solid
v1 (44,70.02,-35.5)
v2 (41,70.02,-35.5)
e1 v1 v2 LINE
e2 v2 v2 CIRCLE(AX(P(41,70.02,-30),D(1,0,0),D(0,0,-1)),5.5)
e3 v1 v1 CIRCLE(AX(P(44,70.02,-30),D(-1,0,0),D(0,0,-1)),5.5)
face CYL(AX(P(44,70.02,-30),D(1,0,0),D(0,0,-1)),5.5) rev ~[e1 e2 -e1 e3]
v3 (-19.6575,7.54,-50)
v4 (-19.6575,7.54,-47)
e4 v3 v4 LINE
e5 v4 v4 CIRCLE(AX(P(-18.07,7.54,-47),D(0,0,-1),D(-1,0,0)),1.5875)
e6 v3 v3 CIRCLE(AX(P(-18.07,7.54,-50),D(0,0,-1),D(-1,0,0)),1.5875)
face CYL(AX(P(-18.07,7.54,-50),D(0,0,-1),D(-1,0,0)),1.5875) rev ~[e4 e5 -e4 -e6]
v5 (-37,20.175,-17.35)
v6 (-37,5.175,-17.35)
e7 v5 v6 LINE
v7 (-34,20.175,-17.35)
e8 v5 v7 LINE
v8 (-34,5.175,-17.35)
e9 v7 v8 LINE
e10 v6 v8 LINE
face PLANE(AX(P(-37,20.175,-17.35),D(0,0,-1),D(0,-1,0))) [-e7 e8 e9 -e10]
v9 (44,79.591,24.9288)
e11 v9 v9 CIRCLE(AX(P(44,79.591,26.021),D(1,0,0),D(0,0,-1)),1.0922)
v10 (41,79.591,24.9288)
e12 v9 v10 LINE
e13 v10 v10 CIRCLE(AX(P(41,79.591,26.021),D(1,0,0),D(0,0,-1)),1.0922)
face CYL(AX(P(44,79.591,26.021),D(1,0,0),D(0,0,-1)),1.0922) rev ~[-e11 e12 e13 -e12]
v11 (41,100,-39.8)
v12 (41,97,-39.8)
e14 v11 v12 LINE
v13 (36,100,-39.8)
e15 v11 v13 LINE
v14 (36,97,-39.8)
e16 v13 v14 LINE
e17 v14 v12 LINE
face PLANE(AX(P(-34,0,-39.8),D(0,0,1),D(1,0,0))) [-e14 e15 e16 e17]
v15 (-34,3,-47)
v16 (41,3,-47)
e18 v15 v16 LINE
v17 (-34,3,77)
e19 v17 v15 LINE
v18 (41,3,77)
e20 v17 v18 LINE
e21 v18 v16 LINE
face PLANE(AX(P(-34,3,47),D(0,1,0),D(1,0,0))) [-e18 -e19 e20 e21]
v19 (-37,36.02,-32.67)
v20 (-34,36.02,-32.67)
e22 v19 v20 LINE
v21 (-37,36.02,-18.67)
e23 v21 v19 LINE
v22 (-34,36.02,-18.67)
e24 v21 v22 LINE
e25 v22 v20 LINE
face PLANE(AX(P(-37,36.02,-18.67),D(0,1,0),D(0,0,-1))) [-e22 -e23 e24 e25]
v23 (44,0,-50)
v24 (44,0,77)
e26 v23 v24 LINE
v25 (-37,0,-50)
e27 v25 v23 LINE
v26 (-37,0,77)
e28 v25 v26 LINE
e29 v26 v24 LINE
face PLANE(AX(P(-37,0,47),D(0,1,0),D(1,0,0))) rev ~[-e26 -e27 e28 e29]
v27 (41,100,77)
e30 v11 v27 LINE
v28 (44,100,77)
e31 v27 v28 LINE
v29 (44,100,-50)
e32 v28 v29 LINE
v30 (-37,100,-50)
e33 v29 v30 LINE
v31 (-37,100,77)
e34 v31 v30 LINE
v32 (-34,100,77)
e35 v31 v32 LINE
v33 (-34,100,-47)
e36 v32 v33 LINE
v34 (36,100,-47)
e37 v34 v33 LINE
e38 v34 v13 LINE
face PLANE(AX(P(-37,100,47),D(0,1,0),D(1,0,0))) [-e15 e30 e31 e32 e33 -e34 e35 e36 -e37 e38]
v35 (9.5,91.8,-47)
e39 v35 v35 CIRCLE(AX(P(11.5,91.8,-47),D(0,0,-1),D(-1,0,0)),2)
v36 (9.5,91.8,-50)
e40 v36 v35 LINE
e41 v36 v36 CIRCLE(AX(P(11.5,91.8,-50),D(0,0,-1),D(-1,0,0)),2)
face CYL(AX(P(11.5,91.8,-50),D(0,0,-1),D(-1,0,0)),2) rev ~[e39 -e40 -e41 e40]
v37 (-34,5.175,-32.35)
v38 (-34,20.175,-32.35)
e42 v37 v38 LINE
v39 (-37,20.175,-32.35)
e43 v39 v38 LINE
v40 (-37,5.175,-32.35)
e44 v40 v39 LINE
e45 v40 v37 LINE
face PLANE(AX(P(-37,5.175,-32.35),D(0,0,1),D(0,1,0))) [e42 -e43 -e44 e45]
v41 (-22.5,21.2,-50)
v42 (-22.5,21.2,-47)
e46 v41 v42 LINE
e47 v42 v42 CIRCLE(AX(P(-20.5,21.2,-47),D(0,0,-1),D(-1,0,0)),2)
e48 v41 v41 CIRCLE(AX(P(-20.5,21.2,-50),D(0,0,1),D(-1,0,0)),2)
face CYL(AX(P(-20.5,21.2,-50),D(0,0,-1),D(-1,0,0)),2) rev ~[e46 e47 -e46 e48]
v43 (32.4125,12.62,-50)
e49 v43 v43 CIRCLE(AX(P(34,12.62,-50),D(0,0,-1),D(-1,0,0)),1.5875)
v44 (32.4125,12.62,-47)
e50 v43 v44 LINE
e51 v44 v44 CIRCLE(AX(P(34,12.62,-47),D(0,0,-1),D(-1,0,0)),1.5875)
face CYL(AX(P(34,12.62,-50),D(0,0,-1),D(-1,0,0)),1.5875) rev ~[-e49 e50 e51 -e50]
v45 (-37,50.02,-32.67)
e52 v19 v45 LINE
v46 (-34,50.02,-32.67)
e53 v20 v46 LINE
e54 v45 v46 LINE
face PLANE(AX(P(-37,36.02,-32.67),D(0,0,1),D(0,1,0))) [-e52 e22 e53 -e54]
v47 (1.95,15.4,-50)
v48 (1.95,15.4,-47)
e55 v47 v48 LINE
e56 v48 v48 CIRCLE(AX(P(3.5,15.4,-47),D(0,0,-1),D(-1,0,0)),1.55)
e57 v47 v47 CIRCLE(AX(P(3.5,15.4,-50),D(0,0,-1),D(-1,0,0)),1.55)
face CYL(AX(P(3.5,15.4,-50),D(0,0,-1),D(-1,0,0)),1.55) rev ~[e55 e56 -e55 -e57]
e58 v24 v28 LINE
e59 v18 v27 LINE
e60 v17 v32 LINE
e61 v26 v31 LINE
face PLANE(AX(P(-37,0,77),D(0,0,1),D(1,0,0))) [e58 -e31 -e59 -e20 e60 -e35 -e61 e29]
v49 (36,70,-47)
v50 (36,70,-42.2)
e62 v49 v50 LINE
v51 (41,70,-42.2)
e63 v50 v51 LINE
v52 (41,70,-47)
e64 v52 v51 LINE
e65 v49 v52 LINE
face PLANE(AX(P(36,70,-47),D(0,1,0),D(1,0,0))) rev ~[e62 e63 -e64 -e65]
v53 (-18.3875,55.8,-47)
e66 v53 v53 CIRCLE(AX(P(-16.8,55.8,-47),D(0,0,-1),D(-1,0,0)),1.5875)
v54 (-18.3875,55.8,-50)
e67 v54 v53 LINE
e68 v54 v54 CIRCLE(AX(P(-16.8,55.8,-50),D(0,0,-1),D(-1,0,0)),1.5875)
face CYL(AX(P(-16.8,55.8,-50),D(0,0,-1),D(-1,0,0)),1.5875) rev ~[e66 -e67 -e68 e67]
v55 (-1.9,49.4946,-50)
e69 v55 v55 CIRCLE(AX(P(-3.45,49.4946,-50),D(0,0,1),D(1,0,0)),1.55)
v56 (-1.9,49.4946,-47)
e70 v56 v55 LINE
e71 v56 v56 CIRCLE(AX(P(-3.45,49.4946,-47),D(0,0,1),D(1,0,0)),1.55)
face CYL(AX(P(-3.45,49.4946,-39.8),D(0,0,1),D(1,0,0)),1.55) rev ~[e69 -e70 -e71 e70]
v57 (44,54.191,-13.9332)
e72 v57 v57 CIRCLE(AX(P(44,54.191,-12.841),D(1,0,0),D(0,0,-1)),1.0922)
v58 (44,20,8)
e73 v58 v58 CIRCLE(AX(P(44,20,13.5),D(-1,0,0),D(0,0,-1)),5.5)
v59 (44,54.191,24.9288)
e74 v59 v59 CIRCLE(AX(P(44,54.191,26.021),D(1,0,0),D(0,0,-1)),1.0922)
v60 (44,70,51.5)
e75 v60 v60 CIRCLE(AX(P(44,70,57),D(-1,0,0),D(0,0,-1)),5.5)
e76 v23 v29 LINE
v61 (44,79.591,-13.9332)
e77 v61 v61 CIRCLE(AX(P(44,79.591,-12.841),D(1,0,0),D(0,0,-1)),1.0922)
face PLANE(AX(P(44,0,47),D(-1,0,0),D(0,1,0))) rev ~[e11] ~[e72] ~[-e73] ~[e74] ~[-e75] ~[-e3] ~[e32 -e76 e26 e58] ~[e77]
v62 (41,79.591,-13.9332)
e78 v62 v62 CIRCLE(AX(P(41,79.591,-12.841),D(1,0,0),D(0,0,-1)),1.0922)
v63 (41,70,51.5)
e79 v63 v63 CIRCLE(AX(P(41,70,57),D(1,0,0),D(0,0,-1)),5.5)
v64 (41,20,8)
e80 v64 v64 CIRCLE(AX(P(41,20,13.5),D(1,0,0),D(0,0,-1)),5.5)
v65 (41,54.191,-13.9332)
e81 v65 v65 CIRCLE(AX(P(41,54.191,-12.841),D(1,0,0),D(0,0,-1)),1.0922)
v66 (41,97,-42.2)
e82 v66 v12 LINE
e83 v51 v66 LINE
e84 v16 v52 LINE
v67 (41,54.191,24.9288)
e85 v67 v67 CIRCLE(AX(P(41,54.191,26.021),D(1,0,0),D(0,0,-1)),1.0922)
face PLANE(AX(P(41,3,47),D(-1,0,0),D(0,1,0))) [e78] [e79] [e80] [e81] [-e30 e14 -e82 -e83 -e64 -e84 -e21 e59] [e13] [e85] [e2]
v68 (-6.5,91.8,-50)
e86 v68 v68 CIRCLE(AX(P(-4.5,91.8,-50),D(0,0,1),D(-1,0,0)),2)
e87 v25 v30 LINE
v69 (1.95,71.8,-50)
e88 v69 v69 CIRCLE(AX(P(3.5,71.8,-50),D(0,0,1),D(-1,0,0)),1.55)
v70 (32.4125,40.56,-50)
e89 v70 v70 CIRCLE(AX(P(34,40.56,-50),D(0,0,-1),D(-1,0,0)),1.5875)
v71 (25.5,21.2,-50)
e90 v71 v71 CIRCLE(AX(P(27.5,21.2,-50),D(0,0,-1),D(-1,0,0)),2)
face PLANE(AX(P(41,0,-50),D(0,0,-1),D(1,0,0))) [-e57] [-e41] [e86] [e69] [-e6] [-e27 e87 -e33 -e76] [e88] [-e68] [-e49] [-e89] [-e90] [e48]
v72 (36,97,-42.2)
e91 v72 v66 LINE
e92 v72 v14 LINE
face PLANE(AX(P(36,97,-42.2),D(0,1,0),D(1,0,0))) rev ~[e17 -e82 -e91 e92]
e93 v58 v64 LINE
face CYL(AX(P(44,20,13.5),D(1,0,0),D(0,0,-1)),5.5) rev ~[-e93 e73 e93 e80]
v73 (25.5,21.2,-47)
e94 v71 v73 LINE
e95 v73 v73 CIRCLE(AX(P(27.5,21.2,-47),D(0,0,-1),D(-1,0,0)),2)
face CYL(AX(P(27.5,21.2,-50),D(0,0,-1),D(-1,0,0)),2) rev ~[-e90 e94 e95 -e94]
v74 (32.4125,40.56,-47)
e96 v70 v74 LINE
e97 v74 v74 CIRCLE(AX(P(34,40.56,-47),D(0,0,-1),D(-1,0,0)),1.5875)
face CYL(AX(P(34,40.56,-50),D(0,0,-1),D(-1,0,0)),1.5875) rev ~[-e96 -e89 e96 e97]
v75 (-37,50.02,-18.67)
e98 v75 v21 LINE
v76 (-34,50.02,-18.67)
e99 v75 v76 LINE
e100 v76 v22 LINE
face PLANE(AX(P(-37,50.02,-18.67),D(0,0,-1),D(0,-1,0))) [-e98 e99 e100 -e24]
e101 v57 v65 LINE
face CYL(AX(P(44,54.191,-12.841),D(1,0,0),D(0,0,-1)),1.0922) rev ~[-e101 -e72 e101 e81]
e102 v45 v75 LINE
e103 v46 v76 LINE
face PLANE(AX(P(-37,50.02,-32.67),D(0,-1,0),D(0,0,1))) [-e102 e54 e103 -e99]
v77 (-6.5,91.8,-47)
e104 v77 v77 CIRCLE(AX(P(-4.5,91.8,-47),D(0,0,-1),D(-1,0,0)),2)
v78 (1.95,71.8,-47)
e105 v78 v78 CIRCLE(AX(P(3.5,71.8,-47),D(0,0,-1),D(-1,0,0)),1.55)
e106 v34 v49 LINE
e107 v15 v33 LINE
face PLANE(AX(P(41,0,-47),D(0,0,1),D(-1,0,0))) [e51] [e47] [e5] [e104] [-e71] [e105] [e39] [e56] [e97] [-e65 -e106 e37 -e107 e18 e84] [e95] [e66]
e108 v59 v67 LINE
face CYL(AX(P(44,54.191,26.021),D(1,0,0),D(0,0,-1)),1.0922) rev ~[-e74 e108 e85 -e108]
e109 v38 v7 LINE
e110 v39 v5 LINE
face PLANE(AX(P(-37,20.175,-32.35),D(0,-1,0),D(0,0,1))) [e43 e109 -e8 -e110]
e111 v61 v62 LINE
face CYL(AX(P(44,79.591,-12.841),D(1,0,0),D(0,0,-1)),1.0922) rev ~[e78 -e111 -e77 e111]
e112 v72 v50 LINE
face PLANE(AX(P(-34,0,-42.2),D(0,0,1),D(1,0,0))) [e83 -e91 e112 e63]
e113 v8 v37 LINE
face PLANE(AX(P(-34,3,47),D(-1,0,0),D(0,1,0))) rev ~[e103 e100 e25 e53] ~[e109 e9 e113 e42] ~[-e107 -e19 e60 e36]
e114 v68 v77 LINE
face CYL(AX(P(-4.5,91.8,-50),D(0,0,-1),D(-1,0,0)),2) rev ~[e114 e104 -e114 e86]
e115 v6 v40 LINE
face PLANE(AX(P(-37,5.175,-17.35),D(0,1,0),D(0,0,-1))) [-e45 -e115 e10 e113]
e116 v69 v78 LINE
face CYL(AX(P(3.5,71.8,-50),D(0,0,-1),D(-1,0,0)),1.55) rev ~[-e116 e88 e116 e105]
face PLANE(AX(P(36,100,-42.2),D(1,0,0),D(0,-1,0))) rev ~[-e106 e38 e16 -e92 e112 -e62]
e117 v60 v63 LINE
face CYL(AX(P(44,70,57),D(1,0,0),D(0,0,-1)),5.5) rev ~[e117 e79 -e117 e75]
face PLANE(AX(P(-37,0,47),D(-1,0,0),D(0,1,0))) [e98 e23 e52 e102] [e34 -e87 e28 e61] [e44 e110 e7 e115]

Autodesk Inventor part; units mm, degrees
ref_plane "YZ Plane" through (0, 0, 0) normal (1, 0, 0) x (0, 1, 0)
ref_plane "XZ Plane" through (0, 0, 0) normal (0, 1, 0) x (-1, 0, 0)
ref_plane "XY Plane" through (0, 0, 0) normal (0, 0, 1) x (1, 0, 0)
sketch "Sketch3" plane through (0, 0, 0) normal (0, 1, 0) x (-1, 0, 0)
  line L0 (-44, 50) -> (44, 50)
  line L1 (44, 50) -> (44, -50)
  line L2 (44, -50) -> (-44, -50)
  line L3 (-44, -50) -> (-44, 50)
  line L4 (-44, 50) -> (44, -50) construction
  line L5 (44, 50) -> (-44, -50) construction
  line L6 (44, 50) -> (-44, 50)
  line L7 (-44, 50) -> (-44, 47)
  line L8 (-44, 47) -> (44, 47)
  line L9 (44, 47) -> (44, 50)
  line L10 (44, 47) -> (41, 47)
  line L11 (41, 47) -> (41, -50)
  line L12 (41, -50) -> (44, -50)
  line L13 (44, -50) -> (44, 47)
  line L14 (-44, 47) -> (-41, 47)
  line L15 (-41, 47) -> (-41, -50)
  line L16 (-41, -50) -> (-44, -50)
  line L17 (-44, -50) -> (-44, 47)
  line L18 (41, -50) -> (-41, -50)
  line L19 (-41, -50) -> (-41, -47)
  line L20 (-41, -47) -> (41, -47)
  line L21 (41, -47) -> (41, -50)
  line L22 (41, 47) -> (34, 47)
  line L23 (34, 47) -> (34, -50)
  line L24 (34, -50) -> (37, -50)
  line L25 (37, -50) -> (37, 50)
  line L26 (34, 47) -> (34, 50)
  line L27 (41, 47) -> (41, 50)
  line L28 (-41, 47) -> (-41, 50)
  point P0 (0, 0)
  point P1 (37, -47)
  point P2 (37, 47)
  point P3 (34, -47)
  point P4 (37, 50)
  dimension "d33" = 88
  dimension "d34" = 100
  dimension "d35" = 88
  dimension "d36" = 3
  dimension "d37" = 3
  dimension "d38" = 3
  dimension "d39" = 3
  dimension "d63" = 7
  dimension "d64" = 3
extrude "Extrusion2" add sketch "Sketch3" along normal blind 100 contours L8 L15 L2 L3 | L8 L25 L20 L23 | L20 L23 L2 L15 | L20 L25 L2 L23
sketch "Sketch6" plane through (44, 0, -50) normal (0, 0, -1) x (-1, 0, 0)
  circle A0 centre (62.07, 7.54) radius 1.5875
  circle A1 centre (10, 12.62) radius 1.5875
  circle A2 centre (10, 40.56) radius 1.5875
  line L0 (7.46, 10.08) -> (7.46, 42.846)
  line L1 (7.46, 42.846) -> (10, 45.386)
  line L2 (10, 45.386) -> (10, 58.34)
  line L3 (10, 7.54) -> (7.46, 10.08)
  line L4 (10, 5) -> (10, 7.54)
  line L5 (76.04, 5) -> (10, 5)
  line L6 (76.04, 58.34) -> (76.04, 5)
  line L7 (10, 58.34) -> (76.04, 58.34)
  circle A3 centre (60.8, 55.8) radius 1.5875
  line L8 (0, 0) -> (81, 0) projected
  line L9 (0, 100) -> (81, 100) projected
  line L10 (0, 0) -> (0, 100) projected
  line L11 (0, 0) -> (0, 100) projected
  line L12 (0, 0) -> (10, 0)
  line L13 (78, 0) -> (3, 0) projected
  line L14 (10, 0) -> (10, 5)
  line L15 (81, 0) -> (81, 100) projected
  point P0 (44, 0)
  point P1 (85, 0)
  dimension "d52" = 10
  dimension "d53" = 5
  dimension "d54" = 90
extrude "Extrusion4" cut sketch "Sketch6" against normal up to surface (3 mm away) contours A0 | A1 | A2 | A3
sketch "Sketch9" plane through (-37, 0, -50) normal (-1, 0, 0) x (0, 0, 1)
  line L0 (17.33, 50.02) -> (31.33, 50.02) projected
  line L1 (31.33, 50.02) -> (31.33, 36.02) projected
  line L2 (31.33, 36.02) -> (17.33, 36.02) projected
  line L3 (17.33, 36.02) -> (17.33, 50.02) projected
  line L4 (17.65, 20.175) -> (32.65, 20.175) projected
  line L5 (32.65, 20.175) -> (32.65, 5.175) projected
  line L6 (32.65, 5.175) -> (17.65, 5.175) projected
  line L7 (17.65, 5.175) -> (17.65, 20.175) projected
  point P0 (50, 0)
extrude "Extrusion6" cut sketch "Sketch9" against normal up to surface (3 mm away)
sketch "Sketch10" plane through (44, 0, 50) normal (1, 0, 0) x (0, 0, -1)
  circle A0 centre (23.979, 79.591) radius 1.0922
  circle A1 centre (62.841, 79.591) radius 1.0922
  circle A2 centre (62.841, 54.191) radius 1.0922
  line L0 (21.82, 50) -> (21.82, 81.75)
  line L1 (65, 50) -> (21.82, 50)
  line L2 (65, 81.75) -> (65, 50)
  line L3 (21.82, 81.75) -> (65, 81.75)
  circle A3 centre (23.979, 54.191) radius 1.0922
  line L4 (3, 0) -> (100, 0) projected
  line L5 (100, 0) -> (100, 100) projected
  line L6 (3, 100) -> (100, 100) projected
  line L7 (100, 0) -> (100, 100) projected
  line L8 (100, 100) -> (65, 100)
  line L9 (3, 100) -> (100, 100) projected
  line L10 (100, 100) -> (135, 100) construction
  line L11 (100, 0) -> (100, 100) projected
  line L12 (65, 100) -> (65, 0)
  line L13 (100, 0) -> (3, 0) projected
  line L14 (3, 0) -> (3, 100) projected
  point P0 (50, 0)
  point P1 (0, 0)
  point P2 (0, 100)
  dimension "d67" = 35
  dimension "d68" = 180
  dimension "d75" = 100
extrude "Extrusion7" cut sketch "Sketch10" against normal up to surface (3 mm away) contours A0 | A1 | A2 | A3
sketch "Sketch11" plane through (-37, 0, -50) normal (-1, 0, 0) x (0, 0, 1)
  circle A0 centre (75.1, 71.8) radius 1.55
  circle A1 centre (75.1, 15.4) radius 1.55
  line L0 (67.45, 5) -> (82.75, 5)
  line L1 (67.45, 82.2) -> (82.75, 82.2)
  line L2 (95, 82.2) -> (95, 5)
  line L3 (55.2, 82.2) -> (55.2, 5)
  line L4 (32.65, 5.175) -> (17.65, 5.175) projected
  line L5 (17.65, 5.175) -> (17.65, 20.175) projected
  line L6 (17.65, 20.175) -> (32.65, 20.175) projected
  line L7 (32.65, 20.175) -> (32.65, 5.175) projected
  line L8 (31.33, 50.02) -> (31.33, 36.02) projected
  line L9 (31.33, 36.02) -> (17.33, 36.02) projected
  line L10 (17.33, 36.02) -> (17.33, 50.02) projected
  line L11 (17.33, 50.02) -> (31.33, 50.02) projected
  line L12 (0, 0) -> (97, 0) projected
  line L13 (0, 100) -> (97, 100) projected
  line L14 (0, 0) -> (0, 100) projected
  line L15 (100, 0) -> (100, 100) projected
  line L16 (100, 0) -> (100, 5)
  line L17 (100, 5) -> (95, 5)
  line L18 (97, 0) -> (97, 100) projected
  point P0 (50, 0)
  dimension "d71" = 5
  dimension "d72" = 5
extrude "Extrusion8" [suppressed]
sketch "Sketch12" plane through (-34, 0, -47) normal (0, 0, 1) x (1, 0, 0)
  circle A0 centre (17.2, 55.8) radius 1.5875 projected
  circle A1 centre (68, 40.56) radius 1.5875 projected
  circle A2 centre (15.93, 7.54) radius 1.5875 projected
  circle A3 centre (68, 12.62) radius 1.5875 projected
  line L0 (0, 0) -> (75, 0) projected
  line L1 (75, 0) -> (75, 100) projected
  line L2 (0, 100) -> (75, 100) projected
  line L3 (0, 0) -> (0, 100) projected
  line L4 (75, 0) -> (75, 100) projected
  line L5 (75, 100) -> (70, 100)
  line L6 (70, 100) -> (70, 70)
  line L7 (70, 70) -> (75, 70)
  line L8 (75, 70) -> (75, 100)
  point P0 (34, 0)
  dimension "d76" = 5
  dimension "d77" = 30
extrude "Extrusion9" add sketch "Sketch12" along normal blind 4.8 contours L7 L6 L2 L1
sketch "Sketch13" plane through (-34, 0, -42.2) normal (0, 0, 1) x (1, 0, 0)
  line L0 (70, 100) -> (70, 70) projected
  line L1 (70, 70) -> (75, 70) projected
  line L2 (75, 100) -> (75, 70) projected
  line L3 (75, 100) -> (70, 100) projected
  line L4 (70, 100) -> (70, 70) projected
  line L5 (75, 100) -> (70, 100)
  line L6 (70, 100) -> (70, 97)
  line L7 (70, 97) -> (75, 97)
  line L8 (75, 97) -> (75, 100)
  point P0 (34, 0)
  dimension "d80" = 3
extrude "Extrusion10" add sketch "Sketch13" along normal blind 2.4 contours L3 L2 L7 L0
sketch "Sketch14" plane through (-34, 0, -47) normal (0, 0, 1) x (1, 0, 0)
  line L0 (75, 0) -> (75, 70) projected
  line L1 (0, 0) -> (0, 100) projected
  line L2 (75, 0) -> (0, 0)
  line L3 (0, 0) -> (0, 3)
  line L4 (0, 3) -> (75, 3)
  line L5 (75, 3) -> (75, 0)
  point P0 (34, 0)
  dimension "d83" = 3
extrude "Extrusion11" add sketch "Sketch14" along normal up to surface (94 mm away)
sketch "Sketch15" plane through (-37, 0, 47) normal (0, 0, 1) x (1, 0, 0)
  line L0 (0, 0) -> (81, 0) projected
  line L1 (81, 0) -> (81, 100) projected
  line L2 (78, 100) -> (81, 100) projected
  line L3 (78, 3) -> (78, 100) projected
  line L4 (3, 3) -> (78, 3) projected
  line L5 (3, 3) -> (3, 100) projected
  line L6 (0, 100) -> (3, 100) projected
  line L7 (0, 0) -> (0, 100) projected
  point P0 (37, 0)
extrude "Extrusion12" add sketch "Sketch15" along normal blind 30
sketch "Sketch16" plane through (-37, 0, -50) normal (-1, 0, 0) x (0, 0, 1)
  line L0 (17.65, 5.175) -> (17.65, 20.175) projected
  line L1 (17.65, 20.175) -> (32.65, 20.175) projected
  line L2 (32.65, 20.175) -> (32.65, 5.175) projected
  line L3 (32.65, 5.175) -> (17.65, 5.175) projected
  line L4 (17.33, 50.02) -> (31.33, 50.02) projected
  line L5 (31.33, 50.02) -> (31.33, 36.02) projected
  line L6 (31.33, 36.02) -> (17.33, 36.02) projected
  line L7 (17.33, 36.02) -> (17.33, 50.02) projected
  line L8 (0, 0) -> (127, 0) projected
  line L9 (127, 100) -> (127, 0) projected
  line L10 (0, 100) -> (127, 100) projected
  line L11 (0, 0) -> (0, 100) projected
  circle A0 centre (75.1, 71.8) radius 1.55 projected
  line L12 (75.1, 71.8) -> (75.1, 91.8)
  line L13 (75.1, 91.8) -> (83.1, 91.8)
  line L14 (75.1, 91.8) -> (67.1, 91.8)
  circle A1 centre (83.1, 91.8) radius 2
  circle A2 centre (67.1, 91.8) radius 2
  line L15 (127, 3) -> (127, 100) projected
  line L16 (127, 51.5) -> (71.1, 51.5)
  line L17 (75.1, 11.2) -> (83.1, 11.2)
  line L18 (75.1, 11.2) -> (67.1, 11.2)
  circle A3 centre (83.1, 11.2) radius 2
  circle A4 centre (67.1, 11.2) radius 2
  line L19 (83.1, 11.2) -> (91.1, 11.2)
  line L20 (67.1, 11.2) -> (59.1, 11.2)
  line L21 (127, 3) -> (3, 3) projected
  circle A5 centre (59.1, 11.2) radius 2
  circle A6 centre (91.1, 11.2) radius 2
  line L22 (91.1, 11.2) -> (99.1, 11.2)
  line L23 (99.1, 11.2) -> (99.1, 21.2)
  line L24 (99.1, 21.2) -> (51.1, 21.2)
  circle A7 centre (99.1, 21.2) radius 2
  circle A8 centre (51.1, 21.2) radius 2
  point P0 (50, 0)
  dimension "d88" = 20
  dimension "d89" = 8
  dimension "d90" = 8
  dimension "d91" = 4
  dimension "d92" = 4
  dimension "d95" = 8
  dimension "d96" = 8
  dimension "d97" = 4
  dimension "d98" = 4
  dimension "d99" = 8
  dimension "d100" = 10
  dimension "d101" = 48
  dimension "d102" = 4
  dimension "d103" = 4
extrude "Extrusion13" [suppressed]
sketch "Sketch17" plane through (44, 0, -50) normal (1, 0, 0) x (0, 0, -1)
  circle A0 centre (-37.159, 79.591) radius 1.0922 projected
  circle A1 centre (-76.021, 54.191) radius 1.0922 projected
  circle A2 centre (-37.159, 54.191) radius 1.0922 projected
  circle A3 centre (-76.021, 79.591) radius 1.0922 projected
  line L0 (0, 0) -> (-127, 0) projected
  line L1 (0, 0) -> (0, 100) projected
  line L2 (0, 100) -> (-127, 100) projected
  line L3 (-127, 0) -> (-127, 100) projected
  line L4 (-127, 0) -> (-127, 100) projected
  line L5 (-127, 50) -> (-107, 50)
  circle A4 centre (-107, 50) radius 5.5
  line L6 (0, 0) -> (-127, 0) projected
  line L7 (-63.5, 0) -> (-63.5, 20)
  circle A5 centre (-63.5, 20) radius 5.5
  line L8 (0, 0) -> (0, 100) projected
  line L9 (0, 50) -> (-20, 50.02)
  line L10 (-17.33, 50.02) -> (-31.33, 50.02) projected
  circle A6 centre (-20, 50.02) radius 5.5
  line L11 (-107, 50) -> (-107, 70)
  line L12 (-20, 50.02) -> (-20, 70.02)
  circle A7 centre (-107, 70) radius 5.5
  circle A8 centre (-20, 70.02) radius 5.5
  point P0 (-50, 0)
  dimension "d104" = 20
  dimension "d105" = 11
  dimension "d106" = 20
  dimension "d107" = 11
  dimension "d110" = 20
  dimension "d111" = 11
  dimension "d112" = 20
  dimension "d113" = 20
  dimension "d114" = 11
  dimension "d115" = 11
extrude "Extrusion14" cut sketch "Sketch17" against normal up to surface (3 mm away) contours A8 | A7 | A5
sketch "Sketch18" plane through (44, 0, -50) normal (0, 0, -1) x (-1, 0, 0)
  circle A0 centre (40.5, 15.4) radius 1.55
  circle A1 centre (40.5, 71.8) radius 1.55
  circle A2 centre (40.5, 71.8) radius 1.55
  line L0 (40.5, 71.8) -> (40.5, 91.8)
  line L1 (40.5, 91.8) -> (48.5, 91.8)
  line L2 (40.5, 91.8) -> (32.5, 91.8)
  circle A3 centre (48.5, 91.8) radius 2
  circle A4 centre (32.5, 91.8) radius 2
  circle A5 centre (32.5, 11.2) radius 2
  line L3 (40.5, 11.2) -> (32.5, 11.2)
  line L4 (40.5, 11.2) -> (48.5, 11.2)
  circle A6 centre (48.5, 11.2) radius 2
  line L5 (48.5, 11.2) -> (56.5, 11.2)
  line L6 (32.5, 11.2) -> (24.5, 11.2)
  circle A7 centre (24.5, 11.2) radius 2
  circle A8 centre (56.5, 11.2) radius 2
  line L7 (56.5, 11.2) -> (64.5, 11.2)
  line L8 (64.5, 11.2) -> (64.5, 21.2)
  line L9 (64.5, 21.2) -> (16.5, 21.2)
  circle A9 centre (64.5, 21.2) radius 2
  circle A10 centre (16.5, 21.2) radius 2
  line L10 (0, 0) -> (81, 0) projected
  line L11 (40.5, 0) -> (40.5, 11.2)
  point P0 (44, 0)
  dimension "d116" = 20
  dimension "d117" = 8
  dimension "d118" = 8
  dimension "d119" = 4
  dimension "d120" = 4
  dimension "d121" = 8
  dimension "d122" = 8
  dimension "d123" = 4
  dimension "d124" = 4
  dimension "d125" = 8
  dimension "d126" = 10
  dimension "d127" = 48
  dimension "d128" = 4
  dimension "d129" = 4
extrude "Extrusion15" cut sketch "Sketch18" against normal up to surface (3 mm away) contours A0 | A1 | A4 | A3 | A10 | A9 L9 L8 | L8 L9 A9
sketch "Sketch19" plane through (-34, 0, -39.8) normal (0, 0, 1) x (1, 0, 0)
  line L0 (70, 97) -> (70, 70) projected
  circle A0 centre (70, 97) radius 61.75
  circle A1 centre (17.2, 55.8) radius 1.5875 projected
  line L1 (17.2, 55.8) -> (30.55, 55.8)
  line L2 (30.55, 55.8) -> (30.55, 49.4946)
  circle A2 centre (30.55, 49.4946) radius 1.55
  point P0 (34, 0)
  dimension "d132" = 123.5
  dimension "d133" = 13.35
  dimension "d134" = 3.1
extrude "Extrusion16" cut sketch "Sketch19" against normal blind 13.375 contours A2 A0 | A0 L2 A2 | A2 L2 A0
equation "\"BendRadius\" = Thickness"
equation "\"BendReliefWidth\" = Thickness"
equation "\"BendReliefDepth\" = 0.5 * Thickness"
equation "\"CornerReliefSize\" = 4 * Thickness"
equation "\"MinimumRemnant\" = 2 * Thickness"
equation "\"TransitionRadius\" = BendRadius"
equation "\"JacobiRadiusSize\" = Thickness"
equation "\"GapSize\" = Thickness"
equation "\"Thickness\" = 3"
properties part number "obudowa" material "ABS Plastic"
